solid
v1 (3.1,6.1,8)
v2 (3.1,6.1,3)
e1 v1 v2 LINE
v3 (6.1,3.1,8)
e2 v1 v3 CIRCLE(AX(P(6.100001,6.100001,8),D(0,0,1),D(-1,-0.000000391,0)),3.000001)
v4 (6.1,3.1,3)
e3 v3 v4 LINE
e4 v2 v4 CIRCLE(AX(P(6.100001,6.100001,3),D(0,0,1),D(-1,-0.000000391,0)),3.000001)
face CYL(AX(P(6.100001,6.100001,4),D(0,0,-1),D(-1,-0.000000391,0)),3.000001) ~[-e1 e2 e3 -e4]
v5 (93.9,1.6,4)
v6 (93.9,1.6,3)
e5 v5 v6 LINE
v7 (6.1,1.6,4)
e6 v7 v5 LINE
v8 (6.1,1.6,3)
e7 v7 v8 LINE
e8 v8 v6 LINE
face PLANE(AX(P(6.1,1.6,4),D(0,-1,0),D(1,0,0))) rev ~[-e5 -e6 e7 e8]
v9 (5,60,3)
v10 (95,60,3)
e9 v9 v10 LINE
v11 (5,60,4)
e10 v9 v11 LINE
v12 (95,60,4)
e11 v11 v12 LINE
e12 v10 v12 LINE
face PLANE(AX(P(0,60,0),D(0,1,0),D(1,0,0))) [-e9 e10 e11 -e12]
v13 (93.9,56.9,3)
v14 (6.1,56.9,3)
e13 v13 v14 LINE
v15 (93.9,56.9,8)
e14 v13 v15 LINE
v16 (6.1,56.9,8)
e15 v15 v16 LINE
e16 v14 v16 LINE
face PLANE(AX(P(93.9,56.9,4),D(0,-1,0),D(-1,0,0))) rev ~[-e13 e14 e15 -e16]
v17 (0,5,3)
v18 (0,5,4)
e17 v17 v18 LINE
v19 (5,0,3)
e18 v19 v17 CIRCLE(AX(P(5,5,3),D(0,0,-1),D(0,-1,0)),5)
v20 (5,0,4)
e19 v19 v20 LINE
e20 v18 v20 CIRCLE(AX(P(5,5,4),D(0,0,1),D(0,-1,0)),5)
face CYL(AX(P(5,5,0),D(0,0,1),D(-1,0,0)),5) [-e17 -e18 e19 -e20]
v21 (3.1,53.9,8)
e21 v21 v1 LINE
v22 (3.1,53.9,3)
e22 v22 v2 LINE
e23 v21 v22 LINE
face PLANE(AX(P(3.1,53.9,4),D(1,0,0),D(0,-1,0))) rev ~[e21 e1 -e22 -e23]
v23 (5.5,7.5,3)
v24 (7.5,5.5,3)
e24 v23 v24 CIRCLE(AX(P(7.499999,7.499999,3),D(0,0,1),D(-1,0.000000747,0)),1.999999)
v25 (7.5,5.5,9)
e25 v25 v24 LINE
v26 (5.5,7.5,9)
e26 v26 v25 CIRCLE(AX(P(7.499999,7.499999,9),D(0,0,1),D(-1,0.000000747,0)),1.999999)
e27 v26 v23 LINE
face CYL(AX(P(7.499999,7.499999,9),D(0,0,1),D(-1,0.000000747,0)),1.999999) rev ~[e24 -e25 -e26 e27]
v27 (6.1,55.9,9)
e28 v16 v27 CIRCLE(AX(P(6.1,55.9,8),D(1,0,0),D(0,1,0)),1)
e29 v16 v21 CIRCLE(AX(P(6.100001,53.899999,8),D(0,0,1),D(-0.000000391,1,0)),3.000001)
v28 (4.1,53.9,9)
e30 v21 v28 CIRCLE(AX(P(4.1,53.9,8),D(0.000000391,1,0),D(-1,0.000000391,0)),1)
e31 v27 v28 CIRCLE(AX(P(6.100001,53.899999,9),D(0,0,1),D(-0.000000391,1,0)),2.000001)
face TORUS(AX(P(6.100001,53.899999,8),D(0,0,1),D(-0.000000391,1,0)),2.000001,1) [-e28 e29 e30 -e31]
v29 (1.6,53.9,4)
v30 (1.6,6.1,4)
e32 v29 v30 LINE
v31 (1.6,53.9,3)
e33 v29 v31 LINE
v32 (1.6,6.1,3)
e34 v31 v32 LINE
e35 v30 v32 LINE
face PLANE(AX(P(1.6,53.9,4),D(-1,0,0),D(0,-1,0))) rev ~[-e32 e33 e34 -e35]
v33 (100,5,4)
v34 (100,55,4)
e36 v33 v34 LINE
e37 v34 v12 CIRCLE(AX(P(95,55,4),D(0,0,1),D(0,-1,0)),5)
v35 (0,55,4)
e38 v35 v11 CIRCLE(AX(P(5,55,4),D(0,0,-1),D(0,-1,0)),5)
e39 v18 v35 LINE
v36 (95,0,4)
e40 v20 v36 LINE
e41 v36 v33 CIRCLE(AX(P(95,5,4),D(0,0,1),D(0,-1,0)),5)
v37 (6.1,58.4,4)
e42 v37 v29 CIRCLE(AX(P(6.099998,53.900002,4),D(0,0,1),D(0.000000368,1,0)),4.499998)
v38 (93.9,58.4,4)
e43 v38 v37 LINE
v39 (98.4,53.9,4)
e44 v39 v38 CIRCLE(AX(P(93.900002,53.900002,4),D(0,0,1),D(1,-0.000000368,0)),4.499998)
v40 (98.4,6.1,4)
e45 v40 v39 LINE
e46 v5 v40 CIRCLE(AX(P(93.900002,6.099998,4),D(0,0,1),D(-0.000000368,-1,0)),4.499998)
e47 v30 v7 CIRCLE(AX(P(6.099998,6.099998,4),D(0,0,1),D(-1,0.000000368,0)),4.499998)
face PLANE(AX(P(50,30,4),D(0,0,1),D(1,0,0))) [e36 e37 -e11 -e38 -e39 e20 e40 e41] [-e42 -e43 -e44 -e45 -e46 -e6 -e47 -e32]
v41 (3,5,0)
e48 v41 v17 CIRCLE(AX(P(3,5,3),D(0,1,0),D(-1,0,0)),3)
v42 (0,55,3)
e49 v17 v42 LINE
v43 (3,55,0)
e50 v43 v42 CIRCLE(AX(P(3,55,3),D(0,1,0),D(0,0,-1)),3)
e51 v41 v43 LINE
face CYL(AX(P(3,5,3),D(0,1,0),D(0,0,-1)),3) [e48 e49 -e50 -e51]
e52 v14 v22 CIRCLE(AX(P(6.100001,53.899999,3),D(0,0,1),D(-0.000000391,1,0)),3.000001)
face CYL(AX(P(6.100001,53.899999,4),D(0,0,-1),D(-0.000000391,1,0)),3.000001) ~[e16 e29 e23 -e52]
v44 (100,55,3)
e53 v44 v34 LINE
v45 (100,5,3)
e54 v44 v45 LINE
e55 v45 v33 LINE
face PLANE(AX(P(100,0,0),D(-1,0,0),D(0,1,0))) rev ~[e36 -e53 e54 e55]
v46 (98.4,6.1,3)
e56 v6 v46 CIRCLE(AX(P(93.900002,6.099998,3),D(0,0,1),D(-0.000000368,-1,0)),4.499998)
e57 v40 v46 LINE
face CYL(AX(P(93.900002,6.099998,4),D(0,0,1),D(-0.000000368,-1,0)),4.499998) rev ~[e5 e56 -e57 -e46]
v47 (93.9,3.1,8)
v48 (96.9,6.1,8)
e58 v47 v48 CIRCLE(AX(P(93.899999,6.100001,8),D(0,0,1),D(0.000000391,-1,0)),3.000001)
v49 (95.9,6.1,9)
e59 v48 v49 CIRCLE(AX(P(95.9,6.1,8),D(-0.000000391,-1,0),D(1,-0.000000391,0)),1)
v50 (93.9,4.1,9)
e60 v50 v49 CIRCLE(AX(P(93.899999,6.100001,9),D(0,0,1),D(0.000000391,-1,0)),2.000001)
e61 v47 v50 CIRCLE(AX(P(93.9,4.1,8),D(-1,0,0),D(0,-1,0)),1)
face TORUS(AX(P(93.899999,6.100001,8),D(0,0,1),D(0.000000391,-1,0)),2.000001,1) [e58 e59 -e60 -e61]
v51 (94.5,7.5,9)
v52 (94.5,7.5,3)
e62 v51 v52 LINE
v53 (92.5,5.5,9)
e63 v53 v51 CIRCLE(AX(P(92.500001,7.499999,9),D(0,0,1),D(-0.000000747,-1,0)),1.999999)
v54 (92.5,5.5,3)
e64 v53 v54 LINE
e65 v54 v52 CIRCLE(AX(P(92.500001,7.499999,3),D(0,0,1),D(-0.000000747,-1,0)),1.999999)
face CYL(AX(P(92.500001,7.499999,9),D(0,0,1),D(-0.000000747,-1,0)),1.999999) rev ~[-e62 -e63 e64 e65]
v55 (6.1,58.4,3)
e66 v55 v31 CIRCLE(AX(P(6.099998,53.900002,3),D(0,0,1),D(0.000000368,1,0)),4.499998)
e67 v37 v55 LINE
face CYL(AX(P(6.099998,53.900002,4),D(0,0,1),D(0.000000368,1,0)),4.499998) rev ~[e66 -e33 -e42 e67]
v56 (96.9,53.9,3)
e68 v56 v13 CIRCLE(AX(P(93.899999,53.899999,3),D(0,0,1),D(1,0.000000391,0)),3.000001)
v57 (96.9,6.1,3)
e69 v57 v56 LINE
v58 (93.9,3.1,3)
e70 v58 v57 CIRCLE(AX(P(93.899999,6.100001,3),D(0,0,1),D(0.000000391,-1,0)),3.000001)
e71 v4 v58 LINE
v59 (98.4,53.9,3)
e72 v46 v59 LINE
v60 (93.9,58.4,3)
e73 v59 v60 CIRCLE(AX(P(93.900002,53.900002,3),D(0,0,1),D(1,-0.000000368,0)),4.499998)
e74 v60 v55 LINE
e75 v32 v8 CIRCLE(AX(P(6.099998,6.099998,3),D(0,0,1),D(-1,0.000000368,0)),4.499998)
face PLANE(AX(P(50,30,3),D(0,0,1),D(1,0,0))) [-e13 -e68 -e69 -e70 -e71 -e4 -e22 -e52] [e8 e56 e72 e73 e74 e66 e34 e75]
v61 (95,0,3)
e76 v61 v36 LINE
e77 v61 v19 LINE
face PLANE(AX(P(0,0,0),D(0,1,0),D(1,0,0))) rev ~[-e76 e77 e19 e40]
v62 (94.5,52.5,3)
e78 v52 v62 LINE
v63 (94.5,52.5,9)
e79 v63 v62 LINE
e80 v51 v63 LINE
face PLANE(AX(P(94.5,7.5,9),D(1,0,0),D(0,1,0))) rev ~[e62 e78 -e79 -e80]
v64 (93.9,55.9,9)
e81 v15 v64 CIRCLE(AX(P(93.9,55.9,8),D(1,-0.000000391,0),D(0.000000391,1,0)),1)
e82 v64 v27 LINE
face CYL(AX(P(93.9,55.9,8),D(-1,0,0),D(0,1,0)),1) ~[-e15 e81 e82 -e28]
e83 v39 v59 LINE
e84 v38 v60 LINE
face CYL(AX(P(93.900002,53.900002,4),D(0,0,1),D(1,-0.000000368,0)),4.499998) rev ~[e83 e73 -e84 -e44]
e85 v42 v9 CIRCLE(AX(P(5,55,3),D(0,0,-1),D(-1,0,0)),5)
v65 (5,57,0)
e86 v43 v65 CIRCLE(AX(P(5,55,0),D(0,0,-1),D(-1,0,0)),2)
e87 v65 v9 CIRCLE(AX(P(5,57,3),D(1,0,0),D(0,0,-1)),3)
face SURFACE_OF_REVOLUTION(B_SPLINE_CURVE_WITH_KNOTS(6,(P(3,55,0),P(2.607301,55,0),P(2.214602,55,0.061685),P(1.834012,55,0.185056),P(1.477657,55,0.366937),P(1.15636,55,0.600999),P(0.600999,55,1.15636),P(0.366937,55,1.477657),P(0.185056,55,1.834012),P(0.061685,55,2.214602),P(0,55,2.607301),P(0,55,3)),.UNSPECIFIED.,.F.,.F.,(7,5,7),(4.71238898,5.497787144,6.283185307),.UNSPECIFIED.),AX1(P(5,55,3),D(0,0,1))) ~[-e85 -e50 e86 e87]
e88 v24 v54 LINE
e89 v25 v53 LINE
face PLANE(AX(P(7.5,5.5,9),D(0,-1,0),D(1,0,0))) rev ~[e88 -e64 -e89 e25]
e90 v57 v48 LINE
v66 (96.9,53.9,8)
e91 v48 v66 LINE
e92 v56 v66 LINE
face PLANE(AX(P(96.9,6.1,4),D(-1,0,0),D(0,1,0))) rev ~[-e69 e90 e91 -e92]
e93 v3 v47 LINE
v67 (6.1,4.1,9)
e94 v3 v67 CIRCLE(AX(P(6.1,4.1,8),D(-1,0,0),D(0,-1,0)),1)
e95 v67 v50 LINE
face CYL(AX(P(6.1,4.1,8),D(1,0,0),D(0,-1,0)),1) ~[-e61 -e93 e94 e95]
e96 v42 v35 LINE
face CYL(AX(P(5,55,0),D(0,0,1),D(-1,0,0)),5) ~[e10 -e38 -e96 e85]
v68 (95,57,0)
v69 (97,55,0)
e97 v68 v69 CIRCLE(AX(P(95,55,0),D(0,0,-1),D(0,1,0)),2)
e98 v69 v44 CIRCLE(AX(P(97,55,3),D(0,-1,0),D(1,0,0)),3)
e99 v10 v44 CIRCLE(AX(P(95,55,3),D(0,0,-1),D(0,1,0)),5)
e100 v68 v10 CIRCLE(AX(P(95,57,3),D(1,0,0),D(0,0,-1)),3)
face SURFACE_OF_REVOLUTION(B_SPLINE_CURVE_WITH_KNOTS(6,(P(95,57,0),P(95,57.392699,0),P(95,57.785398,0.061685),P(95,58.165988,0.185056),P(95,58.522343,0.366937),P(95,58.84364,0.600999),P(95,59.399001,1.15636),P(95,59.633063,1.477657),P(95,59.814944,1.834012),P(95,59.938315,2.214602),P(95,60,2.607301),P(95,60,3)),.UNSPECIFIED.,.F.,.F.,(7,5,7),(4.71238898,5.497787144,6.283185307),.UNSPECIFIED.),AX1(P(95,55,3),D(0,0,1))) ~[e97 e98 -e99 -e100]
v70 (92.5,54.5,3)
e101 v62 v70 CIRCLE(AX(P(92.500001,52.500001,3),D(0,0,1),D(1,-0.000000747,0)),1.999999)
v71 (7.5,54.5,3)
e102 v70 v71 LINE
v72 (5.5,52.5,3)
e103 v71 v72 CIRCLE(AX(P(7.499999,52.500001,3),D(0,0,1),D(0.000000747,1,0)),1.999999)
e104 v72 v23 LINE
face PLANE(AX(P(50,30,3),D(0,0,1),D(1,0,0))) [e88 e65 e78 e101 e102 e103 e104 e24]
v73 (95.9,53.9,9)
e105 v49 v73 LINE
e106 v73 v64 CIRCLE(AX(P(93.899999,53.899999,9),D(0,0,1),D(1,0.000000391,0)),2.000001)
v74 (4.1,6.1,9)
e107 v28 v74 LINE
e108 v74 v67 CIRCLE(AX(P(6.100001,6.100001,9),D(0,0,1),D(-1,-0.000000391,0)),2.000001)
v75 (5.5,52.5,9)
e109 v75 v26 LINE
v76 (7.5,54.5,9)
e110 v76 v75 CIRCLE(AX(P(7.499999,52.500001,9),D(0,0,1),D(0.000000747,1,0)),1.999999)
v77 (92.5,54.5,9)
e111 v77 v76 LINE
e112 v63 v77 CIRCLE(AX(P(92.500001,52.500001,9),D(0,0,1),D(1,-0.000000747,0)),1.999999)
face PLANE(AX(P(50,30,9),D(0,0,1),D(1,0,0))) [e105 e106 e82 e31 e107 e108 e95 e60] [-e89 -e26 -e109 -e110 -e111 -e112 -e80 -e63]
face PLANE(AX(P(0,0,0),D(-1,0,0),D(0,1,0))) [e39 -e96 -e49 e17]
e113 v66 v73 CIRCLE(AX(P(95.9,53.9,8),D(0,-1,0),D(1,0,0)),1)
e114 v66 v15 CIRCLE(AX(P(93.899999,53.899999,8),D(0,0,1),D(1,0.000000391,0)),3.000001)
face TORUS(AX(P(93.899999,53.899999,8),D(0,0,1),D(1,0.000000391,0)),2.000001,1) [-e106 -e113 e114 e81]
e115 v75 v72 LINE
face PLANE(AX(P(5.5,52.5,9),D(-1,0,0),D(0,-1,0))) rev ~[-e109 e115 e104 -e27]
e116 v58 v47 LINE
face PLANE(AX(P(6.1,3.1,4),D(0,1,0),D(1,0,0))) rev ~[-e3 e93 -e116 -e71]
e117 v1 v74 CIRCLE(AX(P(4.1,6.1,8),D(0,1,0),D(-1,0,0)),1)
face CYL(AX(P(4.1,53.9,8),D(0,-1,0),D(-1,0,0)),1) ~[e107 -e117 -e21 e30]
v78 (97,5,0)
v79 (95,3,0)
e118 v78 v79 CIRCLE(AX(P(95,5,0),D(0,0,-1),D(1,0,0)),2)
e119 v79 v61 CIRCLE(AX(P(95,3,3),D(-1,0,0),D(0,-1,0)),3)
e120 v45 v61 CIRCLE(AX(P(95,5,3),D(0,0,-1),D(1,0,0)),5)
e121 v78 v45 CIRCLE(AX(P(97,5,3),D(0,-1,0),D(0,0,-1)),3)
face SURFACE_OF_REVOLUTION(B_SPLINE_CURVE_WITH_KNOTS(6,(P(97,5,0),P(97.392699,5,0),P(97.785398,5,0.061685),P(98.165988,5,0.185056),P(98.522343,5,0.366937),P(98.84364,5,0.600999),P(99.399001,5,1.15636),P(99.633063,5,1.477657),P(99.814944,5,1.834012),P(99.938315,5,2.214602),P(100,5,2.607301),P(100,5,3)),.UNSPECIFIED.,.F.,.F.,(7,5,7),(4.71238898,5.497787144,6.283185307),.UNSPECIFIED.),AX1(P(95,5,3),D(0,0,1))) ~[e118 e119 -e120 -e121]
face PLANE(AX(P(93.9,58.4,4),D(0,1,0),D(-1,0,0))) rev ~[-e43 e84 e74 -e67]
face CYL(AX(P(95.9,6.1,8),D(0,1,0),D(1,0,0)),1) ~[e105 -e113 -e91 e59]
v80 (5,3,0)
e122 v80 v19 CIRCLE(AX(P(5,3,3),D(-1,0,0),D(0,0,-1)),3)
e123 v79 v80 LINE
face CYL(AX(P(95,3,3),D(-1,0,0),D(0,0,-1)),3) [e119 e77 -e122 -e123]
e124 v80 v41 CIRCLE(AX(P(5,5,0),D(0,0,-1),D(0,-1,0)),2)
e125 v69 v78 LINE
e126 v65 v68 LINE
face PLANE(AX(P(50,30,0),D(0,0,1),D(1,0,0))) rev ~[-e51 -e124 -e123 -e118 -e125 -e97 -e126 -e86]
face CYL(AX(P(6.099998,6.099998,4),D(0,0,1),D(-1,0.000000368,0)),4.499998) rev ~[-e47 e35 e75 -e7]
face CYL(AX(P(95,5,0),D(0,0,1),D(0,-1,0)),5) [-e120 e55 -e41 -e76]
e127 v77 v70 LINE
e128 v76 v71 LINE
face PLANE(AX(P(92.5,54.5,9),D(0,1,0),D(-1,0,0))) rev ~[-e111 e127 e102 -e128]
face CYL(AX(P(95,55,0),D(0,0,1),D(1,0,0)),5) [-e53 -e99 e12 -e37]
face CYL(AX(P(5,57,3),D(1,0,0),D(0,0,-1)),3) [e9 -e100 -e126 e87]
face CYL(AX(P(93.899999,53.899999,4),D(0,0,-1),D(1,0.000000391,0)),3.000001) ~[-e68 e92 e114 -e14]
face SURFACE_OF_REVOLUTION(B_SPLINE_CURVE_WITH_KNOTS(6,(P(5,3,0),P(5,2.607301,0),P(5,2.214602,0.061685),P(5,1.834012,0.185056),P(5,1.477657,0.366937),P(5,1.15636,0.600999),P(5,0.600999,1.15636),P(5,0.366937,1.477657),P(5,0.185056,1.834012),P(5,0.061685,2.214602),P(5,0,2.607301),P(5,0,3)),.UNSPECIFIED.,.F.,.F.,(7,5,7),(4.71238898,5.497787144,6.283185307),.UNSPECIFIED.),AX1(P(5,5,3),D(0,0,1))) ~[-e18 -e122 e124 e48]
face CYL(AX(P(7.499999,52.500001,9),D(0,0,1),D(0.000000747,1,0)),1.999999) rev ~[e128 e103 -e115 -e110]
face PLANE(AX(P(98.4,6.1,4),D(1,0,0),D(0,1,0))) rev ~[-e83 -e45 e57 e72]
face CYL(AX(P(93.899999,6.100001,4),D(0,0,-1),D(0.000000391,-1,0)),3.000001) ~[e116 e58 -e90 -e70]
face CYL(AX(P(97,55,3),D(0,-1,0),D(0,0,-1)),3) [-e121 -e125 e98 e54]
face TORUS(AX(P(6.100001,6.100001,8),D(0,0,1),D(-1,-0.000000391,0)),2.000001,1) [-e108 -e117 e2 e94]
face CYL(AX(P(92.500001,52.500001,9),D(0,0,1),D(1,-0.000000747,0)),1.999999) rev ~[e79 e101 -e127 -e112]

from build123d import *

# Parameters (mm, degrees)
SKETCH_W        = 100
SKETCH_H        = 60
PAD_DEPTH       = 4
FILLET_R        = 5
FILLET001_R     = 3
POCKET001_DEPTH = 1
PAD001_DEPTH    = 5
POCKET_DEPTH    = 6
FILLET002_R     = 1


with BuildPart() as part:
    # Sketch → Pad (new body)
    with BuildSketch(Plane.XY):
        with Locations((50, 30)):
            Rectangle(SKETCH_W, SKETCH_H)
    extrude(amount=PAD_DEPTH)

    # Fillet
    fillet_edges = [part.edges().sort_by_distance(p)[0] for p in [
        (100, 0, 2),
        (0, 0, 2),
        (100, 60, 2),
        (0, 60, 2),
    ]]
    fillet(fillet_edges, radius=FILLET_R)

    # Fillet001
    fillet001_edges = [part.edges().sort_by_distance(p)[0] for p in [
        (50, 60, 0),
    ]]
    fillet(fillet001_edges, radius=FILLET001_R)

    # Sketch008 (on Face6 of Pad) → Pocket001 (cut)
    with BuildSketch(Plane.XY.offset(4)):
        with BuildLine():
            Line((6.1, 1.6), (93.9, 1.6))
            ThreePointArc((93.9, 1.6), (97.081981, 2.918019), (98.4, 6.1))
            Line((98.4, 6.1), (98.4, 53.9))
            ThreePointArc((98.4, 53.9), (97.081981, 57.081981), (93.9, 58.4))
            Line((93.9, 58.4), (6.1, 58.4))
            ThreePointArc((6.1, 58.4), (2.918019, 57.081981), (1.6, 53.9))
            Line((1.6, 53.9), (1.6, 6.1))
            ThreePointArc((1.6, 6.1), (2.918019, 2.918019), (6.1, 1.6))
        make_face()
        with BuildLine():
            Line((6.1, 3.1), (93.9, 3.1))
            ThreePointArc((93.9, 3.1), (96.02132, 3.97868), (96.9, 6.1))
            Line((96.9, 6.1), (96.9, 53.9))
            ThreePointArc((96.9, 53.9), (96.02132, 56.02132), (93.9, 56.9))
            Line((93.9, 56.9), (6.1, 56.9))
            ThreePointArc((6.1, 56.9), (3.97868, 56.02132), (3.1, 53.9))
            Line((3.1, 53.9), (3.1, 6.1))
            ThreePointArc((3.1, 6.1), (3.97868, 3.97868), (6.1, 3.1))
        make_face(mode=Mode.SUBTRACT)
    extrude(amount=-POCKET001_DEPTH, mode=Mode.SUBTRACT)

    # Sketch001 (on Face6 of Pad) → Pad001 (join)
    with BuildSketch(Plane.XY.offset(4)):
        with BuildLine():
            Line((6.1, 3.1), (93.9, 3.1))
            ThreePointArc((93.9, 3.1), (96.02132, 3.97868), (96.9, 6.1))
            Line((96.9, 6.1), (96.9, 53.9))
            ThreePointArc((96.9, 53.9), (96.02132, 56.02132), (93.9, 56.9))
            Line((93.9, 56.9), (6.1, 56.9))
            ThreePointArc((6.1, 56.9), (3.97868, 56.02132), (3.1, 53.9))
            Line((3.1, 53.9), (3.1, 6.1))
            ThreePointArc((3.1, 6.1), (3.97868, 3.97868), (6.1, 3.1))
        make_face()
    extrude(amount=PAD001_DEPTH)

    # Sketch009 (on Face44 of Pad001) → Pocket (cut)
    with BuildSketch(Plane.XY.offset(9)):
        with BuildLine():
            Line((7.5, 5.5), (92.5, 5.5))
            ThreePointArc((92.5, 5.5), (93.914214, 6.085786), (94.5, 7.5))
            Line((94.5, 7.5), (94.5, 52.5))
            ThreePointArc((94.5, 52.5), (93.914214, 53.914214), (92.5, 54.5))
            Line((92.5, 54.5), (7.5, 54.5))
            ThreePointArc((7.5, 54.5), (6.085786, 53.914214), (5.5, 52.5))
            Line((5.5, 52.5), (5.5, 7.5))
            ThreePointArc((5.5, 7.5), (6.085786, 6.085786), (7.5, 5.5))
        make_face()
    extrude(amount=-POCKET_DEPTH, mode=Mode.SUBTRACT)

    # Fillet002
    fillet002_edges = [part.edges().sort_by_distance(p)[0] for p in [
        (50, 3.1, 9),
    ]]
    fillet(fillet002_edges, radius=FILLET002_R)


solid = part.part
